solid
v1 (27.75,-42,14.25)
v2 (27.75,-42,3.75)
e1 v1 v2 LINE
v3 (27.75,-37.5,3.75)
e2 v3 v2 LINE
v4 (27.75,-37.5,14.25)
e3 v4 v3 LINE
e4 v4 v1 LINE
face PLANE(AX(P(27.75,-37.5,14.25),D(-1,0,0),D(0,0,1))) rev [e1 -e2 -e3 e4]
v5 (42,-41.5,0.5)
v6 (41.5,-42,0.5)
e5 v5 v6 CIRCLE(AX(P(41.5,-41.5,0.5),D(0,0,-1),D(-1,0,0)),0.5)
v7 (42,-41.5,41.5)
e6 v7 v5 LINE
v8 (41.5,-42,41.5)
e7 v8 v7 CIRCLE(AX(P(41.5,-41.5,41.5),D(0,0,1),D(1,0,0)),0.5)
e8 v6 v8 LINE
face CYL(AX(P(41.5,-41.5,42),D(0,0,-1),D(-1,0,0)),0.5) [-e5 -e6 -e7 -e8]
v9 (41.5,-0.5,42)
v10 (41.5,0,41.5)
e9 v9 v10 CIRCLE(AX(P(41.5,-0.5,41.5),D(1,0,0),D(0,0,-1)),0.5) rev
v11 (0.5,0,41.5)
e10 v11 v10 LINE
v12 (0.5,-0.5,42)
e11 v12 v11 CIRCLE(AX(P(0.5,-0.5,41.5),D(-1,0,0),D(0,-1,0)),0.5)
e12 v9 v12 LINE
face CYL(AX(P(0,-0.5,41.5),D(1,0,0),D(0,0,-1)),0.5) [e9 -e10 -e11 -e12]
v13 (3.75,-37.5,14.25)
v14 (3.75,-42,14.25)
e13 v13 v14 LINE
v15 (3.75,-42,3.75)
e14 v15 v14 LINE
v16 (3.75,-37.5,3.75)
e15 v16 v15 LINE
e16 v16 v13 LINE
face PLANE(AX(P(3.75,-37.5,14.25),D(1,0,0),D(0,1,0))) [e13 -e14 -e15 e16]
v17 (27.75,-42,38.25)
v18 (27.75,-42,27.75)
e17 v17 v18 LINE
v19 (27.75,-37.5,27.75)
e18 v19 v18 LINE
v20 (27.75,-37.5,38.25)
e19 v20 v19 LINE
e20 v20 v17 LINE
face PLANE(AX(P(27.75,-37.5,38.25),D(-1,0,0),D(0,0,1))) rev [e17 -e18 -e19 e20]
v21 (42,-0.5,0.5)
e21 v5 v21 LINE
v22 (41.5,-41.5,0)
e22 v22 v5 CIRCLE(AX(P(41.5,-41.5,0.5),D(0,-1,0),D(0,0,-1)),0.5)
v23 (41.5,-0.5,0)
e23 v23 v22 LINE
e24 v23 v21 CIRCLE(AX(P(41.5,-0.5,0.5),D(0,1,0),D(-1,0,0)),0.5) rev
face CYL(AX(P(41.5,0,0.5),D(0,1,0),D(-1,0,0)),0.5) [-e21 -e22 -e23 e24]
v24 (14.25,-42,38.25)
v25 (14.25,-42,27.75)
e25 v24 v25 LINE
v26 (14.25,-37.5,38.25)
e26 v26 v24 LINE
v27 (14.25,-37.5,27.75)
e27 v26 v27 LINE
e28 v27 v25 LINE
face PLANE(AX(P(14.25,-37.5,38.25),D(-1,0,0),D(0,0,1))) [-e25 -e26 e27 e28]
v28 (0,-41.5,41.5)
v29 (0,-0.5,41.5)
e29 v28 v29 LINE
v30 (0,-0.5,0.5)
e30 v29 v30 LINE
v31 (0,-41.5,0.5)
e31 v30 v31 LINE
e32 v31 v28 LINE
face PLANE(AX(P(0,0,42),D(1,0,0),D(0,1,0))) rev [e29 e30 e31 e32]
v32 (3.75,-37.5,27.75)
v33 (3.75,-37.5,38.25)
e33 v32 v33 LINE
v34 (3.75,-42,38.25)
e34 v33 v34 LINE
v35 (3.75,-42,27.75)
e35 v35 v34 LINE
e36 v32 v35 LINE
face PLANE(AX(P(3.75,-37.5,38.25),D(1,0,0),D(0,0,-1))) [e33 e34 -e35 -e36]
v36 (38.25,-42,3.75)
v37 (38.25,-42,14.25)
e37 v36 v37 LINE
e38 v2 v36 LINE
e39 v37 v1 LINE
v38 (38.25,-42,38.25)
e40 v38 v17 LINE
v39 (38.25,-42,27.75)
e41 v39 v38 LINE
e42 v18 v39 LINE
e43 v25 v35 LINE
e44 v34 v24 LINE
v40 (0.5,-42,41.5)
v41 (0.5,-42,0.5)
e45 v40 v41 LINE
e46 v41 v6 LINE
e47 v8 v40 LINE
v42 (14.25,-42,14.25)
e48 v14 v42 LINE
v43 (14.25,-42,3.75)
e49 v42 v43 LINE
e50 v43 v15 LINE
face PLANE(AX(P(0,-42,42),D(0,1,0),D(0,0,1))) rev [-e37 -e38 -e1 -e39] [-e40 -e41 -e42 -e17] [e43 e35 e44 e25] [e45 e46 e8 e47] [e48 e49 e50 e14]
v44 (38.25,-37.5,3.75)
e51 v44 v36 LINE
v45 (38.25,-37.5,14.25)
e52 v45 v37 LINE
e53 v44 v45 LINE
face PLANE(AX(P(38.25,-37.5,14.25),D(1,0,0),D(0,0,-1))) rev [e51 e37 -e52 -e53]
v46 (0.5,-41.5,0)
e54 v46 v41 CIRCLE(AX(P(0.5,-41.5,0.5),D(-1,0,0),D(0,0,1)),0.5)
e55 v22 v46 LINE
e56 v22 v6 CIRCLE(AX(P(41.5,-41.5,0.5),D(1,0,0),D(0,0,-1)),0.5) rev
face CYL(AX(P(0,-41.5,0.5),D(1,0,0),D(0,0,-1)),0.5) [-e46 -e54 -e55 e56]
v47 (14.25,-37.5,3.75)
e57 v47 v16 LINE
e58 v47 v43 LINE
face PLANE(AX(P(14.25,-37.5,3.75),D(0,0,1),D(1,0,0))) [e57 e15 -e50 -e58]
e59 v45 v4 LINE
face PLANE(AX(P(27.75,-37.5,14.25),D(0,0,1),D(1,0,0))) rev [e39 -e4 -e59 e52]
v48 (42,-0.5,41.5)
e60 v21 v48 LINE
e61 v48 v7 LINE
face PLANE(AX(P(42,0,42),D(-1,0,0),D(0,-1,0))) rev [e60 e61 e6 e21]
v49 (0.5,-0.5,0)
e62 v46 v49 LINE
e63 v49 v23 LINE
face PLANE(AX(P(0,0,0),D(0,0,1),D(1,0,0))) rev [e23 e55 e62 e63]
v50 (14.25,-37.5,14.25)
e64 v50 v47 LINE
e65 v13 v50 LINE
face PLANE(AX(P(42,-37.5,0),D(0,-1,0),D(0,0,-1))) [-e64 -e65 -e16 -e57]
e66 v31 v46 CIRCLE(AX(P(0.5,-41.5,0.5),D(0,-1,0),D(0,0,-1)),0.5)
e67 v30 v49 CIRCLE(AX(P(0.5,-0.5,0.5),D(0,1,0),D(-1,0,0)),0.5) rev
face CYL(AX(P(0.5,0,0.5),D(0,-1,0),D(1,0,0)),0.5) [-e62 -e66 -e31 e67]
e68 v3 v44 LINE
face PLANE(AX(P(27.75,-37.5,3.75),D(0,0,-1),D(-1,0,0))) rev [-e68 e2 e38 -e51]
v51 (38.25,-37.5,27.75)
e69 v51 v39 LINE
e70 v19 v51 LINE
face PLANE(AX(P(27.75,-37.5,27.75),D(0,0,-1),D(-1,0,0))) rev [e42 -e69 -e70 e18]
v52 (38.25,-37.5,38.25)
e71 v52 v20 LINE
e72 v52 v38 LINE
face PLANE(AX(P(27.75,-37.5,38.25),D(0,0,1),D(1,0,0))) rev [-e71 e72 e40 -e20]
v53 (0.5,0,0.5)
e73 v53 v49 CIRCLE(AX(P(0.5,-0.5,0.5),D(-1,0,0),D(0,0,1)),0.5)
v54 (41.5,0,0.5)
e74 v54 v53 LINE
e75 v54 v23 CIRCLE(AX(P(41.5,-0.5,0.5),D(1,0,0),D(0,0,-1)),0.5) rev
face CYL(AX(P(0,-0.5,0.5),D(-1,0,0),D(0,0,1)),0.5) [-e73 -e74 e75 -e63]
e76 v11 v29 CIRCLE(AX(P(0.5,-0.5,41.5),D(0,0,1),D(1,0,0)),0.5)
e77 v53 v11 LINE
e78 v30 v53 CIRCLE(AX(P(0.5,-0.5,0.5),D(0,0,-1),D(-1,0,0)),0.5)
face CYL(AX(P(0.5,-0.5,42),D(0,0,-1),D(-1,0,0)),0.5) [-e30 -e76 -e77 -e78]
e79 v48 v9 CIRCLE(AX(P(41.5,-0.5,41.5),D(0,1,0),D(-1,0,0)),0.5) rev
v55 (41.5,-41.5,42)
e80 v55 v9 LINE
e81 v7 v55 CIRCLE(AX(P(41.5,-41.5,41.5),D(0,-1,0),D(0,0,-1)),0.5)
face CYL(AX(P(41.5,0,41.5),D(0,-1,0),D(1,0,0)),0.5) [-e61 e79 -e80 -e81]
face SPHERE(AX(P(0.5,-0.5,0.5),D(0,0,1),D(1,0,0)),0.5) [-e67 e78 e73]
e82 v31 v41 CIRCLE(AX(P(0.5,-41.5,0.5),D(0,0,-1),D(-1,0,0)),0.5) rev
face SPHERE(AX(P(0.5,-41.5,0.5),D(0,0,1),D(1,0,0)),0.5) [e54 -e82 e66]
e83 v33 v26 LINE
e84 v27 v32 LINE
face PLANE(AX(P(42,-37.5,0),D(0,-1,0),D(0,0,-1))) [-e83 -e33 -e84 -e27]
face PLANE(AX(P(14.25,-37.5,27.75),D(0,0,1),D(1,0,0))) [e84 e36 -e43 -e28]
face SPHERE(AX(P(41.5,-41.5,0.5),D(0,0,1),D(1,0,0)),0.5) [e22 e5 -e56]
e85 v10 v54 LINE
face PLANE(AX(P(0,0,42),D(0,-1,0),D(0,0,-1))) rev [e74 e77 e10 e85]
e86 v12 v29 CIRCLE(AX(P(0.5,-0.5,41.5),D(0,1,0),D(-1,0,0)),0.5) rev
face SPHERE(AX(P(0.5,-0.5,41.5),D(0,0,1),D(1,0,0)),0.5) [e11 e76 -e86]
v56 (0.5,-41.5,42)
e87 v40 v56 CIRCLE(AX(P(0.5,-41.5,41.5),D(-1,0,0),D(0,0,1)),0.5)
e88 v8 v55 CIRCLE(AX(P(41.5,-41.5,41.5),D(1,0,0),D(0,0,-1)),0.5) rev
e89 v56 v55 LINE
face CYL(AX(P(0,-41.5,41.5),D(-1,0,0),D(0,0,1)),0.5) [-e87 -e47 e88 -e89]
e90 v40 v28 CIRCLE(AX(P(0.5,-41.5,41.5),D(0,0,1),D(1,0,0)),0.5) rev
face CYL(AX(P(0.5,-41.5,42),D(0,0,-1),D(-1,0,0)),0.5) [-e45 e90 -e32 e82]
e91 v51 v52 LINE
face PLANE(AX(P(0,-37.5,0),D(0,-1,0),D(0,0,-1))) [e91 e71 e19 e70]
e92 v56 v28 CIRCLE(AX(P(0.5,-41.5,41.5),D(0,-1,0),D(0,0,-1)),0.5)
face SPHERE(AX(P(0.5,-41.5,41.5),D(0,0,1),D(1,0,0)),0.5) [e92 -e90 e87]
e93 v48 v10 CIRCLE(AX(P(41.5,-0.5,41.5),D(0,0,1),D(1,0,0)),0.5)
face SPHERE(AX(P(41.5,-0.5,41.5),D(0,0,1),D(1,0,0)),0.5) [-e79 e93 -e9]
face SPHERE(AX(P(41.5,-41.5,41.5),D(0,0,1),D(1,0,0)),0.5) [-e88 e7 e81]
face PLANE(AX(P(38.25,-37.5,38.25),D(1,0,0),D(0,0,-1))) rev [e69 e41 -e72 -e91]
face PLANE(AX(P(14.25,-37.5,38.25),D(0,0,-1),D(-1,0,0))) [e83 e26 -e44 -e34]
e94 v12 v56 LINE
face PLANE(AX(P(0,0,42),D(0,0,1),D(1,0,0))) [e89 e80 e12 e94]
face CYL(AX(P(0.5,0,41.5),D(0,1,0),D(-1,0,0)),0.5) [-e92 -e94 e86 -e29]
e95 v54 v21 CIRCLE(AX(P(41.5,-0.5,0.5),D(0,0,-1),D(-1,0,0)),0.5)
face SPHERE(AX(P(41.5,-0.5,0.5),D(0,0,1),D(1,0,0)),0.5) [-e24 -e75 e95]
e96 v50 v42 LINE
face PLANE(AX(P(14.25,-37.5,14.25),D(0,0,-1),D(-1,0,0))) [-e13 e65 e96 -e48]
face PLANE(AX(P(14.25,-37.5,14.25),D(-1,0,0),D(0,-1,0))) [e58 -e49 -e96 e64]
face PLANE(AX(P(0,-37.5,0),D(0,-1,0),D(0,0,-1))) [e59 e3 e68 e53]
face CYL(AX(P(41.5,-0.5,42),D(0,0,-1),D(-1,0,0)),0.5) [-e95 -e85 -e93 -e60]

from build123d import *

# Parameters (mm, degrees)
ESQUISSE1_W             = 42
ESQUISSE1_H             = 42
BOSS_EXTRU_1_DEPTH      = 42
ESQUISSE2_W             = 10.5
ESQUISSE2_H             = 10.5
ENL_V_MAT_EXTRU_1_DEPTH = 4.5
CONG_1_R                = 0.5


with BuildPart() as part:
    # Esquisse1 → Boss.-Extru.1 (new body)
    with BuildSketch(Plane.XY):
        with Locations((21, -21)):
            Rectangle(ESQUISSE1_W, ESQUISSE1_H)
    extrude(amount=BOSS_EXTRU_1_DEPTH)

    # Esquisse2 → Enlèv. mat.-Extru.1 (cut)
    with BuildSketch(Plane.XZ.offset(42)):
        with Locations((33, 33)):
            Rectangle(ESQUISSE2_W, ESQUISSE2_H)
        with Locations((33, 9)):
            Rectangle(ESQUISSE2_W, ESQUISSE2_H)
    enl_v_mat_extru_1 = extrude(amount=-ENL_V_MAT_EXTRU_1_DEPTH, mode=Mode.SUBTRACT)

    # Congé1
    cong_1_edges = [part.edges().sort_by_distance(p)[0] for p in [
        (42, -21, 42),
        (21, 0, 42),
        (0, -21, 42),
        (21, 0, 0),
        (42, -21, 0),
        (21, -42, 0),
        (0, -21, 0),
        (21, -42, 42),
        (0, 0, 21),
        (42, 0, 21),
        (42, -42, 21),
        (0, -42, 21),
    ]]
    fillet(cong_1_edges, radius=CONG_1_R)

    # Symétrie1: Enlèv. mat.-Extru.1 across plane
    add(enl_v_mat_extru_1.mirror(Plane(origin=(21, 0, 0), x_dir=(0, 0, 1), z_dir=(1, 0, 0))), mode=Mode.SUBTRACT)


solid = part.part
